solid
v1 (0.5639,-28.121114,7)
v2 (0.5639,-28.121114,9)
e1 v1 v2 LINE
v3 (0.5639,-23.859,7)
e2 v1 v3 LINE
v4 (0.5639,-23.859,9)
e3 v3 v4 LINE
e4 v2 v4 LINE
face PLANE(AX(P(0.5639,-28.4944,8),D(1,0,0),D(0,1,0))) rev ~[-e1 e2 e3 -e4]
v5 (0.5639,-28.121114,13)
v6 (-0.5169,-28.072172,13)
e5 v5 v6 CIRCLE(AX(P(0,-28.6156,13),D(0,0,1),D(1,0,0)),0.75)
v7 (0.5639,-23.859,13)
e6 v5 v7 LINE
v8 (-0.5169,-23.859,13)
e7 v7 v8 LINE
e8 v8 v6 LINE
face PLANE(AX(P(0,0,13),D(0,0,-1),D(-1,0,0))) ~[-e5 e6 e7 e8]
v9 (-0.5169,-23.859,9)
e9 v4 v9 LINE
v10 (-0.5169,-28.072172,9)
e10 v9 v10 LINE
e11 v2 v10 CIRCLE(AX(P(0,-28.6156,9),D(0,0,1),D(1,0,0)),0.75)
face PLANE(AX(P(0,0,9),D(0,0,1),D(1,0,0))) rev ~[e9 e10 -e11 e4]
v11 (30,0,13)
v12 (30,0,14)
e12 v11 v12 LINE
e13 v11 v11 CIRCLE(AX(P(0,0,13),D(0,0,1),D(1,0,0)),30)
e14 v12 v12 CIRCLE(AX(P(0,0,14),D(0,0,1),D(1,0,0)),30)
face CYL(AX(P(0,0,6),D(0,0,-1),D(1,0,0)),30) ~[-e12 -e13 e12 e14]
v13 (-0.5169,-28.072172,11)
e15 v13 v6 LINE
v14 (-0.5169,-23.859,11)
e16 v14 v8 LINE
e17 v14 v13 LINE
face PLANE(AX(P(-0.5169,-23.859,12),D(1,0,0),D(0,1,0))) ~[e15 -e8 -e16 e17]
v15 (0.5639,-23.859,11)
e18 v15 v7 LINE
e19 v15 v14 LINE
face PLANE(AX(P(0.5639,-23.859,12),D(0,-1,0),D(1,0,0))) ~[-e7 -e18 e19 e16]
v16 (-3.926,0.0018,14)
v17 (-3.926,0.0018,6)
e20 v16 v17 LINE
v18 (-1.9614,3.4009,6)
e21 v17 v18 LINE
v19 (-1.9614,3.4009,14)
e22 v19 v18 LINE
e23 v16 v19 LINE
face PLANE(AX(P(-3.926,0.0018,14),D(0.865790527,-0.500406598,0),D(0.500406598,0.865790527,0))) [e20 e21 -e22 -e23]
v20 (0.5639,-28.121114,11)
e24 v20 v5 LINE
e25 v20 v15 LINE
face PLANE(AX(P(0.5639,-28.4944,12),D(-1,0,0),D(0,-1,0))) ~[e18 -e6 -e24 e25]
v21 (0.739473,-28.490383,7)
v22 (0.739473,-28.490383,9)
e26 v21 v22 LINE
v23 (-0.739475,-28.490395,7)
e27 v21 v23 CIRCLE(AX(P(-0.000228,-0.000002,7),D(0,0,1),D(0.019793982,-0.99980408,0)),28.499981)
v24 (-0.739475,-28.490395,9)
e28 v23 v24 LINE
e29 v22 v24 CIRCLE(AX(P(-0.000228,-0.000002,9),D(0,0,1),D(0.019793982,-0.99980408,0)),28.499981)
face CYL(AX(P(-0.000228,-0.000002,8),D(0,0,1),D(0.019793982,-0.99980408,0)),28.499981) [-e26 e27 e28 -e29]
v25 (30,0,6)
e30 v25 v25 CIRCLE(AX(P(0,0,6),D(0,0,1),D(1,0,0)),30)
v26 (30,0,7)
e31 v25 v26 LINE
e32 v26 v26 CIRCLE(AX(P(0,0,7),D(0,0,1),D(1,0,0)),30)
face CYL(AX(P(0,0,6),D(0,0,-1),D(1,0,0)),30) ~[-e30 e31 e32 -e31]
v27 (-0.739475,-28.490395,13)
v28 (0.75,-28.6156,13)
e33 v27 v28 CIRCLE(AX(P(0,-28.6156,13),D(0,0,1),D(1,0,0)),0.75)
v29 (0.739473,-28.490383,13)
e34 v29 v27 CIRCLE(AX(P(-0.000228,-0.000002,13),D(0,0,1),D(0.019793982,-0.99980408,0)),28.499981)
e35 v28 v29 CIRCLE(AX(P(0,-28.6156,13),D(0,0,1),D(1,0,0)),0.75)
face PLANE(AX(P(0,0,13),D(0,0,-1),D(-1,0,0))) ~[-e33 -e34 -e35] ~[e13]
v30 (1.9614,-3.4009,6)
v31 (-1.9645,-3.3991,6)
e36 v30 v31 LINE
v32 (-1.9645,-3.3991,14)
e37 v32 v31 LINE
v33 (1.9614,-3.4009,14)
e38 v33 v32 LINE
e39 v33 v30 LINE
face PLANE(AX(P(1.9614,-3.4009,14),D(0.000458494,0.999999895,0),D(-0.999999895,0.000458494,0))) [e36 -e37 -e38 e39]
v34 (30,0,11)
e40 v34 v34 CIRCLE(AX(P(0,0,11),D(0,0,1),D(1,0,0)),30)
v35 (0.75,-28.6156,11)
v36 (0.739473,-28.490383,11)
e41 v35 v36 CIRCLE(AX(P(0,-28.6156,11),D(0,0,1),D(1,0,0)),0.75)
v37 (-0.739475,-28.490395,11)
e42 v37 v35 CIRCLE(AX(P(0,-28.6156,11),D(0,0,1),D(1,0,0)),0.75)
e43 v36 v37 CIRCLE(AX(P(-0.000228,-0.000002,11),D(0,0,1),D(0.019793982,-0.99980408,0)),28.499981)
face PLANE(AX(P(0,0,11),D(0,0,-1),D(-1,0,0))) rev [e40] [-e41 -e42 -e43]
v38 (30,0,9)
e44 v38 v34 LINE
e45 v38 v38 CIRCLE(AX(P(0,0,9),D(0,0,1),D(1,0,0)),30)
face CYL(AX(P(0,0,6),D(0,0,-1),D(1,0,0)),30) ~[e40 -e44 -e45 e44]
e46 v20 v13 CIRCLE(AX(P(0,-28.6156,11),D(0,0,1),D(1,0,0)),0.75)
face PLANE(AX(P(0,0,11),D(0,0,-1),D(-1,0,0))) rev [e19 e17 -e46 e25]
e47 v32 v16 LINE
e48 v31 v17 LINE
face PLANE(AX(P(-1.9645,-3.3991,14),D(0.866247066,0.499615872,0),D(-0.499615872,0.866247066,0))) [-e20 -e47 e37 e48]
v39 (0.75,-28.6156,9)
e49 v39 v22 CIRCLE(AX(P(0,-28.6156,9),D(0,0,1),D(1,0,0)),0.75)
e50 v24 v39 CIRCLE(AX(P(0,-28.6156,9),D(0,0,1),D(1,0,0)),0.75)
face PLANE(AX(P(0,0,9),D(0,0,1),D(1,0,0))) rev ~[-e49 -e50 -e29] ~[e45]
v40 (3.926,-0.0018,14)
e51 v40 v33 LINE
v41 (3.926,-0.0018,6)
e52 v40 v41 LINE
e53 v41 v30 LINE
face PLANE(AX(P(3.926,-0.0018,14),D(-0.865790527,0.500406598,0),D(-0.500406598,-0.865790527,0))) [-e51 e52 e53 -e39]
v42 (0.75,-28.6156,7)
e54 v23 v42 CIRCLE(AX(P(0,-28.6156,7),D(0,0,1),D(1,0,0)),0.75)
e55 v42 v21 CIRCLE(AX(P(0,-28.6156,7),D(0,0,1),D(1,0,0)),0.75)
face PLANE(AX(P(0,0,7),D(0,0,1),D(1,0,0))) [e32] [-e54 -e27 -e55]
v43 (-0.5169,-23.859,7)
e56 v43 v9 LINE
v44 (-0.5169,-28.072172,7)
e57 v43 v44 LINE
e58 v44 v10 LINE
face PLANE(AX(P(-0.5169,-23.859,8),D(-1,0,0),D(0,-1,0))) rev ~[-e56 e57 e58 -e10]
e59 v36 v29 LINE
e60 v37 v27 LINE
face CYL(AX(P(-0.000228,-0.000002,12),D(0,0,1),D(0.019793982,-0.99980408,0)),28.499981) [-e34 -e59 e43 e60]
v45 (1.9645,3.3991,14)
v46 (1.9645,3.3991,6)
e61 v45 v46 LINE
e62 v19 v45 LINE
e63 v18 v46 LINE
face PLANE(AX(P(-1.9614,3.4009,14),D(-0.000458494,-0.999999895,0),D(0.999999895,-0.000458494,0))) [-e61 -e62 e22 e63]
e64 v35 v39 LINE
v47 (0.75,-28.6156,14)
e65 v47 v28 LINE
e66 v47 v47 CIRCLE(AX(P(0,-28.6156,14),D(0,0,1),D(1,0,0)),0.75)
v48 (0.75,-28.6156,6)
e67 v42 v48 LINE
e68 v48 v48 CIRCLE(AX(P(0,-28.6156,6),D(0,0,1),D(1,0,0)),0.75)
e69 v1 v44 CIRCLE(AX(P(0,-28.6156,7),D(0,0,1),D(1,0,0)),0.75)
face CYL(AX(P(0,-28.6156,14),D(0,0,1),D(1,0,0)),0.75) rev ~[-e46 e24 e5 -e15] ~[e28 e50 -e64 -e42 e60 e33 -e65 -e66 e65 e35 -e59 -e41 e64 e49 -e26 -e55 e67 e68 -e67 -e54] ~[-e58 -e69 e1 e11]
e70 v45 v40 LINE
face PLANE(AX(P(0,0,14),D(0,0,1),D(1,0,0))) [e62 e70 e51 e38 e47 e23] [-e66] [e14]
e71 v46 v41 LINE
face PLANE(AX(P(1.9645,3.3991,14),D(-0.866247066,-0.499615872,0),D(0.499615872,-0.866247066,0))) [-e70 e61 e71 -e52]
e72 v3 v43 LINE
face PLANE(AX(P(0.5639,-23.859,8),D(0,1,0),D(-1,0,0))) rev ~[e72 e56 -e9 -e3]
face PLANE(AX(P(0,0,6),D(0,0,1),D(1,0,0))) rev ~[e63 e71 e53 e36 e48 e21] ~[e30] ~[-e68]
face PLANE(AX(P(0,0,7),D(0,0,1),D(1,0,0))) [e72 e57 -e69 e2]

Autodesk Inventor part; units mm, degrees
ref_plane "YZ Plane" through (0, 0, 0) normal (1, 0, 0) x (0, 1, 0)
ref_plane "XZ Plane" through (0, 0, 0) normal (0, 1, 0) x (-1, 0, 0)
ref_plane "XY Plane" through (0, 0, 0) normal (0, 0, 1) x (1, 0, 0)
sketch "Sketch3" plane through (0, 0, 0) normal (0, 0, 1) x (1, 0, 0)
  circle A0 centre (0, 0) radius 4.45
  dimension "d11" = 8.9
extrude "Extrusion3" add sketch "Sketch3" along normal blind 6
sketch "Sketch4" plane through (0, 0, 6) normal (0, 0, 1) x (1, 0, 0)
  circle A0 centre (0, 0) radius 30
  dimension "d14" = 60
extrude "Extrusion4" add sketch "Sketch4" along normal blind 8
ref_plane "Work Plane2" through (0, 0, 8) normal (0, 0, 1) x (1, 0, 0)
ref_plane "Work Plane1" through (0, 0, 10) normal (0, 0, 1) x (1, 0, 0)
sketch "Sketch5" plane through (0, 0, 8) normal (0, 0, 1) x (1, 0, 0)
  arc A0 (0.5639, -28.4944) -> (-0.5169, -28.4953) centre (0, 0) ccw
  circle A1 centre (0, 0) radius 30
  line L0 (0.5639, -28.4944) -> (0.5639, -23.859)
  line L1 (0.5639, -23.859) -> (-0.5169, -23.859)
  line L2 (-0.5169, -23.859) -> (-0.5169, -28.4953)
  dimension "d17" = 57
  dimension "d18" = 60
extrude "Extrusion5" cut sketch "Sketch5" along normal mid plane 2
mirror "Mirror1" about plane through (0, 0, 10) normal (0, 0, 1) of "Extrusion5"
sketch "Sketch9" plane through (0, 0, 0) normal (0, 0, -1) x (-1, 0, 0)
  circle A0 centre (0, 0) radius 4.45 projected
  circle A1 centre (0, 0) radius 4.45
  dimension "d40" = 8.9
extrude "Extrusion9" cut sketch "Sketch9" against normal blind 6
sketch "Sketch10" plane through (0, 0, 14) normal (0, 0, 1) x (1, 0, 0)
  circle A0 centre (0, -28.6156) radius 0.75
  point P0 (0, 0)
  dimension "d43" = 1.5
extrude "Extrusion10" cut sketch "Sketch10" against normal blind 10
sketch "Sketch11" plane through (0, 0, 14) normal (0, 0, 1) x (1, 0, 0)
  line L0 (1.9614, -3.4009) -> (-1.9645, -3.3991)
  line L1 (-1.9645, -3.3991) -> (-3.926, 0.0018)
  line L2 (-3.926, 0.0018) -> (-1.9614, 3.4009)
  line L3 (-1.9614, 3.4009) -> (1.9645, 3.3991)
  line L4 (1.9645, 3.3991) -> (3.926, -0.0018)
  line L5 (3.926, -0.0018) -> (1.9614, -3.4009)
  point P0 (0, 0)
  point P1 (0, 0)
  dimension "d46" = 6.8
extrude "Extrusion11" cut sketch "Sketch11" against normal blind 10
ref_plane "Work Plane3" through (0, 0, 10) normal (0, 0, 1) x (1, 0, 0)
ref_plane "Work Plane4" through (0, 0, 12) normal (0, 0, 1) x (1, 0, 0)
properties part number "PulleyWithHole" material "ABS Plastic"
